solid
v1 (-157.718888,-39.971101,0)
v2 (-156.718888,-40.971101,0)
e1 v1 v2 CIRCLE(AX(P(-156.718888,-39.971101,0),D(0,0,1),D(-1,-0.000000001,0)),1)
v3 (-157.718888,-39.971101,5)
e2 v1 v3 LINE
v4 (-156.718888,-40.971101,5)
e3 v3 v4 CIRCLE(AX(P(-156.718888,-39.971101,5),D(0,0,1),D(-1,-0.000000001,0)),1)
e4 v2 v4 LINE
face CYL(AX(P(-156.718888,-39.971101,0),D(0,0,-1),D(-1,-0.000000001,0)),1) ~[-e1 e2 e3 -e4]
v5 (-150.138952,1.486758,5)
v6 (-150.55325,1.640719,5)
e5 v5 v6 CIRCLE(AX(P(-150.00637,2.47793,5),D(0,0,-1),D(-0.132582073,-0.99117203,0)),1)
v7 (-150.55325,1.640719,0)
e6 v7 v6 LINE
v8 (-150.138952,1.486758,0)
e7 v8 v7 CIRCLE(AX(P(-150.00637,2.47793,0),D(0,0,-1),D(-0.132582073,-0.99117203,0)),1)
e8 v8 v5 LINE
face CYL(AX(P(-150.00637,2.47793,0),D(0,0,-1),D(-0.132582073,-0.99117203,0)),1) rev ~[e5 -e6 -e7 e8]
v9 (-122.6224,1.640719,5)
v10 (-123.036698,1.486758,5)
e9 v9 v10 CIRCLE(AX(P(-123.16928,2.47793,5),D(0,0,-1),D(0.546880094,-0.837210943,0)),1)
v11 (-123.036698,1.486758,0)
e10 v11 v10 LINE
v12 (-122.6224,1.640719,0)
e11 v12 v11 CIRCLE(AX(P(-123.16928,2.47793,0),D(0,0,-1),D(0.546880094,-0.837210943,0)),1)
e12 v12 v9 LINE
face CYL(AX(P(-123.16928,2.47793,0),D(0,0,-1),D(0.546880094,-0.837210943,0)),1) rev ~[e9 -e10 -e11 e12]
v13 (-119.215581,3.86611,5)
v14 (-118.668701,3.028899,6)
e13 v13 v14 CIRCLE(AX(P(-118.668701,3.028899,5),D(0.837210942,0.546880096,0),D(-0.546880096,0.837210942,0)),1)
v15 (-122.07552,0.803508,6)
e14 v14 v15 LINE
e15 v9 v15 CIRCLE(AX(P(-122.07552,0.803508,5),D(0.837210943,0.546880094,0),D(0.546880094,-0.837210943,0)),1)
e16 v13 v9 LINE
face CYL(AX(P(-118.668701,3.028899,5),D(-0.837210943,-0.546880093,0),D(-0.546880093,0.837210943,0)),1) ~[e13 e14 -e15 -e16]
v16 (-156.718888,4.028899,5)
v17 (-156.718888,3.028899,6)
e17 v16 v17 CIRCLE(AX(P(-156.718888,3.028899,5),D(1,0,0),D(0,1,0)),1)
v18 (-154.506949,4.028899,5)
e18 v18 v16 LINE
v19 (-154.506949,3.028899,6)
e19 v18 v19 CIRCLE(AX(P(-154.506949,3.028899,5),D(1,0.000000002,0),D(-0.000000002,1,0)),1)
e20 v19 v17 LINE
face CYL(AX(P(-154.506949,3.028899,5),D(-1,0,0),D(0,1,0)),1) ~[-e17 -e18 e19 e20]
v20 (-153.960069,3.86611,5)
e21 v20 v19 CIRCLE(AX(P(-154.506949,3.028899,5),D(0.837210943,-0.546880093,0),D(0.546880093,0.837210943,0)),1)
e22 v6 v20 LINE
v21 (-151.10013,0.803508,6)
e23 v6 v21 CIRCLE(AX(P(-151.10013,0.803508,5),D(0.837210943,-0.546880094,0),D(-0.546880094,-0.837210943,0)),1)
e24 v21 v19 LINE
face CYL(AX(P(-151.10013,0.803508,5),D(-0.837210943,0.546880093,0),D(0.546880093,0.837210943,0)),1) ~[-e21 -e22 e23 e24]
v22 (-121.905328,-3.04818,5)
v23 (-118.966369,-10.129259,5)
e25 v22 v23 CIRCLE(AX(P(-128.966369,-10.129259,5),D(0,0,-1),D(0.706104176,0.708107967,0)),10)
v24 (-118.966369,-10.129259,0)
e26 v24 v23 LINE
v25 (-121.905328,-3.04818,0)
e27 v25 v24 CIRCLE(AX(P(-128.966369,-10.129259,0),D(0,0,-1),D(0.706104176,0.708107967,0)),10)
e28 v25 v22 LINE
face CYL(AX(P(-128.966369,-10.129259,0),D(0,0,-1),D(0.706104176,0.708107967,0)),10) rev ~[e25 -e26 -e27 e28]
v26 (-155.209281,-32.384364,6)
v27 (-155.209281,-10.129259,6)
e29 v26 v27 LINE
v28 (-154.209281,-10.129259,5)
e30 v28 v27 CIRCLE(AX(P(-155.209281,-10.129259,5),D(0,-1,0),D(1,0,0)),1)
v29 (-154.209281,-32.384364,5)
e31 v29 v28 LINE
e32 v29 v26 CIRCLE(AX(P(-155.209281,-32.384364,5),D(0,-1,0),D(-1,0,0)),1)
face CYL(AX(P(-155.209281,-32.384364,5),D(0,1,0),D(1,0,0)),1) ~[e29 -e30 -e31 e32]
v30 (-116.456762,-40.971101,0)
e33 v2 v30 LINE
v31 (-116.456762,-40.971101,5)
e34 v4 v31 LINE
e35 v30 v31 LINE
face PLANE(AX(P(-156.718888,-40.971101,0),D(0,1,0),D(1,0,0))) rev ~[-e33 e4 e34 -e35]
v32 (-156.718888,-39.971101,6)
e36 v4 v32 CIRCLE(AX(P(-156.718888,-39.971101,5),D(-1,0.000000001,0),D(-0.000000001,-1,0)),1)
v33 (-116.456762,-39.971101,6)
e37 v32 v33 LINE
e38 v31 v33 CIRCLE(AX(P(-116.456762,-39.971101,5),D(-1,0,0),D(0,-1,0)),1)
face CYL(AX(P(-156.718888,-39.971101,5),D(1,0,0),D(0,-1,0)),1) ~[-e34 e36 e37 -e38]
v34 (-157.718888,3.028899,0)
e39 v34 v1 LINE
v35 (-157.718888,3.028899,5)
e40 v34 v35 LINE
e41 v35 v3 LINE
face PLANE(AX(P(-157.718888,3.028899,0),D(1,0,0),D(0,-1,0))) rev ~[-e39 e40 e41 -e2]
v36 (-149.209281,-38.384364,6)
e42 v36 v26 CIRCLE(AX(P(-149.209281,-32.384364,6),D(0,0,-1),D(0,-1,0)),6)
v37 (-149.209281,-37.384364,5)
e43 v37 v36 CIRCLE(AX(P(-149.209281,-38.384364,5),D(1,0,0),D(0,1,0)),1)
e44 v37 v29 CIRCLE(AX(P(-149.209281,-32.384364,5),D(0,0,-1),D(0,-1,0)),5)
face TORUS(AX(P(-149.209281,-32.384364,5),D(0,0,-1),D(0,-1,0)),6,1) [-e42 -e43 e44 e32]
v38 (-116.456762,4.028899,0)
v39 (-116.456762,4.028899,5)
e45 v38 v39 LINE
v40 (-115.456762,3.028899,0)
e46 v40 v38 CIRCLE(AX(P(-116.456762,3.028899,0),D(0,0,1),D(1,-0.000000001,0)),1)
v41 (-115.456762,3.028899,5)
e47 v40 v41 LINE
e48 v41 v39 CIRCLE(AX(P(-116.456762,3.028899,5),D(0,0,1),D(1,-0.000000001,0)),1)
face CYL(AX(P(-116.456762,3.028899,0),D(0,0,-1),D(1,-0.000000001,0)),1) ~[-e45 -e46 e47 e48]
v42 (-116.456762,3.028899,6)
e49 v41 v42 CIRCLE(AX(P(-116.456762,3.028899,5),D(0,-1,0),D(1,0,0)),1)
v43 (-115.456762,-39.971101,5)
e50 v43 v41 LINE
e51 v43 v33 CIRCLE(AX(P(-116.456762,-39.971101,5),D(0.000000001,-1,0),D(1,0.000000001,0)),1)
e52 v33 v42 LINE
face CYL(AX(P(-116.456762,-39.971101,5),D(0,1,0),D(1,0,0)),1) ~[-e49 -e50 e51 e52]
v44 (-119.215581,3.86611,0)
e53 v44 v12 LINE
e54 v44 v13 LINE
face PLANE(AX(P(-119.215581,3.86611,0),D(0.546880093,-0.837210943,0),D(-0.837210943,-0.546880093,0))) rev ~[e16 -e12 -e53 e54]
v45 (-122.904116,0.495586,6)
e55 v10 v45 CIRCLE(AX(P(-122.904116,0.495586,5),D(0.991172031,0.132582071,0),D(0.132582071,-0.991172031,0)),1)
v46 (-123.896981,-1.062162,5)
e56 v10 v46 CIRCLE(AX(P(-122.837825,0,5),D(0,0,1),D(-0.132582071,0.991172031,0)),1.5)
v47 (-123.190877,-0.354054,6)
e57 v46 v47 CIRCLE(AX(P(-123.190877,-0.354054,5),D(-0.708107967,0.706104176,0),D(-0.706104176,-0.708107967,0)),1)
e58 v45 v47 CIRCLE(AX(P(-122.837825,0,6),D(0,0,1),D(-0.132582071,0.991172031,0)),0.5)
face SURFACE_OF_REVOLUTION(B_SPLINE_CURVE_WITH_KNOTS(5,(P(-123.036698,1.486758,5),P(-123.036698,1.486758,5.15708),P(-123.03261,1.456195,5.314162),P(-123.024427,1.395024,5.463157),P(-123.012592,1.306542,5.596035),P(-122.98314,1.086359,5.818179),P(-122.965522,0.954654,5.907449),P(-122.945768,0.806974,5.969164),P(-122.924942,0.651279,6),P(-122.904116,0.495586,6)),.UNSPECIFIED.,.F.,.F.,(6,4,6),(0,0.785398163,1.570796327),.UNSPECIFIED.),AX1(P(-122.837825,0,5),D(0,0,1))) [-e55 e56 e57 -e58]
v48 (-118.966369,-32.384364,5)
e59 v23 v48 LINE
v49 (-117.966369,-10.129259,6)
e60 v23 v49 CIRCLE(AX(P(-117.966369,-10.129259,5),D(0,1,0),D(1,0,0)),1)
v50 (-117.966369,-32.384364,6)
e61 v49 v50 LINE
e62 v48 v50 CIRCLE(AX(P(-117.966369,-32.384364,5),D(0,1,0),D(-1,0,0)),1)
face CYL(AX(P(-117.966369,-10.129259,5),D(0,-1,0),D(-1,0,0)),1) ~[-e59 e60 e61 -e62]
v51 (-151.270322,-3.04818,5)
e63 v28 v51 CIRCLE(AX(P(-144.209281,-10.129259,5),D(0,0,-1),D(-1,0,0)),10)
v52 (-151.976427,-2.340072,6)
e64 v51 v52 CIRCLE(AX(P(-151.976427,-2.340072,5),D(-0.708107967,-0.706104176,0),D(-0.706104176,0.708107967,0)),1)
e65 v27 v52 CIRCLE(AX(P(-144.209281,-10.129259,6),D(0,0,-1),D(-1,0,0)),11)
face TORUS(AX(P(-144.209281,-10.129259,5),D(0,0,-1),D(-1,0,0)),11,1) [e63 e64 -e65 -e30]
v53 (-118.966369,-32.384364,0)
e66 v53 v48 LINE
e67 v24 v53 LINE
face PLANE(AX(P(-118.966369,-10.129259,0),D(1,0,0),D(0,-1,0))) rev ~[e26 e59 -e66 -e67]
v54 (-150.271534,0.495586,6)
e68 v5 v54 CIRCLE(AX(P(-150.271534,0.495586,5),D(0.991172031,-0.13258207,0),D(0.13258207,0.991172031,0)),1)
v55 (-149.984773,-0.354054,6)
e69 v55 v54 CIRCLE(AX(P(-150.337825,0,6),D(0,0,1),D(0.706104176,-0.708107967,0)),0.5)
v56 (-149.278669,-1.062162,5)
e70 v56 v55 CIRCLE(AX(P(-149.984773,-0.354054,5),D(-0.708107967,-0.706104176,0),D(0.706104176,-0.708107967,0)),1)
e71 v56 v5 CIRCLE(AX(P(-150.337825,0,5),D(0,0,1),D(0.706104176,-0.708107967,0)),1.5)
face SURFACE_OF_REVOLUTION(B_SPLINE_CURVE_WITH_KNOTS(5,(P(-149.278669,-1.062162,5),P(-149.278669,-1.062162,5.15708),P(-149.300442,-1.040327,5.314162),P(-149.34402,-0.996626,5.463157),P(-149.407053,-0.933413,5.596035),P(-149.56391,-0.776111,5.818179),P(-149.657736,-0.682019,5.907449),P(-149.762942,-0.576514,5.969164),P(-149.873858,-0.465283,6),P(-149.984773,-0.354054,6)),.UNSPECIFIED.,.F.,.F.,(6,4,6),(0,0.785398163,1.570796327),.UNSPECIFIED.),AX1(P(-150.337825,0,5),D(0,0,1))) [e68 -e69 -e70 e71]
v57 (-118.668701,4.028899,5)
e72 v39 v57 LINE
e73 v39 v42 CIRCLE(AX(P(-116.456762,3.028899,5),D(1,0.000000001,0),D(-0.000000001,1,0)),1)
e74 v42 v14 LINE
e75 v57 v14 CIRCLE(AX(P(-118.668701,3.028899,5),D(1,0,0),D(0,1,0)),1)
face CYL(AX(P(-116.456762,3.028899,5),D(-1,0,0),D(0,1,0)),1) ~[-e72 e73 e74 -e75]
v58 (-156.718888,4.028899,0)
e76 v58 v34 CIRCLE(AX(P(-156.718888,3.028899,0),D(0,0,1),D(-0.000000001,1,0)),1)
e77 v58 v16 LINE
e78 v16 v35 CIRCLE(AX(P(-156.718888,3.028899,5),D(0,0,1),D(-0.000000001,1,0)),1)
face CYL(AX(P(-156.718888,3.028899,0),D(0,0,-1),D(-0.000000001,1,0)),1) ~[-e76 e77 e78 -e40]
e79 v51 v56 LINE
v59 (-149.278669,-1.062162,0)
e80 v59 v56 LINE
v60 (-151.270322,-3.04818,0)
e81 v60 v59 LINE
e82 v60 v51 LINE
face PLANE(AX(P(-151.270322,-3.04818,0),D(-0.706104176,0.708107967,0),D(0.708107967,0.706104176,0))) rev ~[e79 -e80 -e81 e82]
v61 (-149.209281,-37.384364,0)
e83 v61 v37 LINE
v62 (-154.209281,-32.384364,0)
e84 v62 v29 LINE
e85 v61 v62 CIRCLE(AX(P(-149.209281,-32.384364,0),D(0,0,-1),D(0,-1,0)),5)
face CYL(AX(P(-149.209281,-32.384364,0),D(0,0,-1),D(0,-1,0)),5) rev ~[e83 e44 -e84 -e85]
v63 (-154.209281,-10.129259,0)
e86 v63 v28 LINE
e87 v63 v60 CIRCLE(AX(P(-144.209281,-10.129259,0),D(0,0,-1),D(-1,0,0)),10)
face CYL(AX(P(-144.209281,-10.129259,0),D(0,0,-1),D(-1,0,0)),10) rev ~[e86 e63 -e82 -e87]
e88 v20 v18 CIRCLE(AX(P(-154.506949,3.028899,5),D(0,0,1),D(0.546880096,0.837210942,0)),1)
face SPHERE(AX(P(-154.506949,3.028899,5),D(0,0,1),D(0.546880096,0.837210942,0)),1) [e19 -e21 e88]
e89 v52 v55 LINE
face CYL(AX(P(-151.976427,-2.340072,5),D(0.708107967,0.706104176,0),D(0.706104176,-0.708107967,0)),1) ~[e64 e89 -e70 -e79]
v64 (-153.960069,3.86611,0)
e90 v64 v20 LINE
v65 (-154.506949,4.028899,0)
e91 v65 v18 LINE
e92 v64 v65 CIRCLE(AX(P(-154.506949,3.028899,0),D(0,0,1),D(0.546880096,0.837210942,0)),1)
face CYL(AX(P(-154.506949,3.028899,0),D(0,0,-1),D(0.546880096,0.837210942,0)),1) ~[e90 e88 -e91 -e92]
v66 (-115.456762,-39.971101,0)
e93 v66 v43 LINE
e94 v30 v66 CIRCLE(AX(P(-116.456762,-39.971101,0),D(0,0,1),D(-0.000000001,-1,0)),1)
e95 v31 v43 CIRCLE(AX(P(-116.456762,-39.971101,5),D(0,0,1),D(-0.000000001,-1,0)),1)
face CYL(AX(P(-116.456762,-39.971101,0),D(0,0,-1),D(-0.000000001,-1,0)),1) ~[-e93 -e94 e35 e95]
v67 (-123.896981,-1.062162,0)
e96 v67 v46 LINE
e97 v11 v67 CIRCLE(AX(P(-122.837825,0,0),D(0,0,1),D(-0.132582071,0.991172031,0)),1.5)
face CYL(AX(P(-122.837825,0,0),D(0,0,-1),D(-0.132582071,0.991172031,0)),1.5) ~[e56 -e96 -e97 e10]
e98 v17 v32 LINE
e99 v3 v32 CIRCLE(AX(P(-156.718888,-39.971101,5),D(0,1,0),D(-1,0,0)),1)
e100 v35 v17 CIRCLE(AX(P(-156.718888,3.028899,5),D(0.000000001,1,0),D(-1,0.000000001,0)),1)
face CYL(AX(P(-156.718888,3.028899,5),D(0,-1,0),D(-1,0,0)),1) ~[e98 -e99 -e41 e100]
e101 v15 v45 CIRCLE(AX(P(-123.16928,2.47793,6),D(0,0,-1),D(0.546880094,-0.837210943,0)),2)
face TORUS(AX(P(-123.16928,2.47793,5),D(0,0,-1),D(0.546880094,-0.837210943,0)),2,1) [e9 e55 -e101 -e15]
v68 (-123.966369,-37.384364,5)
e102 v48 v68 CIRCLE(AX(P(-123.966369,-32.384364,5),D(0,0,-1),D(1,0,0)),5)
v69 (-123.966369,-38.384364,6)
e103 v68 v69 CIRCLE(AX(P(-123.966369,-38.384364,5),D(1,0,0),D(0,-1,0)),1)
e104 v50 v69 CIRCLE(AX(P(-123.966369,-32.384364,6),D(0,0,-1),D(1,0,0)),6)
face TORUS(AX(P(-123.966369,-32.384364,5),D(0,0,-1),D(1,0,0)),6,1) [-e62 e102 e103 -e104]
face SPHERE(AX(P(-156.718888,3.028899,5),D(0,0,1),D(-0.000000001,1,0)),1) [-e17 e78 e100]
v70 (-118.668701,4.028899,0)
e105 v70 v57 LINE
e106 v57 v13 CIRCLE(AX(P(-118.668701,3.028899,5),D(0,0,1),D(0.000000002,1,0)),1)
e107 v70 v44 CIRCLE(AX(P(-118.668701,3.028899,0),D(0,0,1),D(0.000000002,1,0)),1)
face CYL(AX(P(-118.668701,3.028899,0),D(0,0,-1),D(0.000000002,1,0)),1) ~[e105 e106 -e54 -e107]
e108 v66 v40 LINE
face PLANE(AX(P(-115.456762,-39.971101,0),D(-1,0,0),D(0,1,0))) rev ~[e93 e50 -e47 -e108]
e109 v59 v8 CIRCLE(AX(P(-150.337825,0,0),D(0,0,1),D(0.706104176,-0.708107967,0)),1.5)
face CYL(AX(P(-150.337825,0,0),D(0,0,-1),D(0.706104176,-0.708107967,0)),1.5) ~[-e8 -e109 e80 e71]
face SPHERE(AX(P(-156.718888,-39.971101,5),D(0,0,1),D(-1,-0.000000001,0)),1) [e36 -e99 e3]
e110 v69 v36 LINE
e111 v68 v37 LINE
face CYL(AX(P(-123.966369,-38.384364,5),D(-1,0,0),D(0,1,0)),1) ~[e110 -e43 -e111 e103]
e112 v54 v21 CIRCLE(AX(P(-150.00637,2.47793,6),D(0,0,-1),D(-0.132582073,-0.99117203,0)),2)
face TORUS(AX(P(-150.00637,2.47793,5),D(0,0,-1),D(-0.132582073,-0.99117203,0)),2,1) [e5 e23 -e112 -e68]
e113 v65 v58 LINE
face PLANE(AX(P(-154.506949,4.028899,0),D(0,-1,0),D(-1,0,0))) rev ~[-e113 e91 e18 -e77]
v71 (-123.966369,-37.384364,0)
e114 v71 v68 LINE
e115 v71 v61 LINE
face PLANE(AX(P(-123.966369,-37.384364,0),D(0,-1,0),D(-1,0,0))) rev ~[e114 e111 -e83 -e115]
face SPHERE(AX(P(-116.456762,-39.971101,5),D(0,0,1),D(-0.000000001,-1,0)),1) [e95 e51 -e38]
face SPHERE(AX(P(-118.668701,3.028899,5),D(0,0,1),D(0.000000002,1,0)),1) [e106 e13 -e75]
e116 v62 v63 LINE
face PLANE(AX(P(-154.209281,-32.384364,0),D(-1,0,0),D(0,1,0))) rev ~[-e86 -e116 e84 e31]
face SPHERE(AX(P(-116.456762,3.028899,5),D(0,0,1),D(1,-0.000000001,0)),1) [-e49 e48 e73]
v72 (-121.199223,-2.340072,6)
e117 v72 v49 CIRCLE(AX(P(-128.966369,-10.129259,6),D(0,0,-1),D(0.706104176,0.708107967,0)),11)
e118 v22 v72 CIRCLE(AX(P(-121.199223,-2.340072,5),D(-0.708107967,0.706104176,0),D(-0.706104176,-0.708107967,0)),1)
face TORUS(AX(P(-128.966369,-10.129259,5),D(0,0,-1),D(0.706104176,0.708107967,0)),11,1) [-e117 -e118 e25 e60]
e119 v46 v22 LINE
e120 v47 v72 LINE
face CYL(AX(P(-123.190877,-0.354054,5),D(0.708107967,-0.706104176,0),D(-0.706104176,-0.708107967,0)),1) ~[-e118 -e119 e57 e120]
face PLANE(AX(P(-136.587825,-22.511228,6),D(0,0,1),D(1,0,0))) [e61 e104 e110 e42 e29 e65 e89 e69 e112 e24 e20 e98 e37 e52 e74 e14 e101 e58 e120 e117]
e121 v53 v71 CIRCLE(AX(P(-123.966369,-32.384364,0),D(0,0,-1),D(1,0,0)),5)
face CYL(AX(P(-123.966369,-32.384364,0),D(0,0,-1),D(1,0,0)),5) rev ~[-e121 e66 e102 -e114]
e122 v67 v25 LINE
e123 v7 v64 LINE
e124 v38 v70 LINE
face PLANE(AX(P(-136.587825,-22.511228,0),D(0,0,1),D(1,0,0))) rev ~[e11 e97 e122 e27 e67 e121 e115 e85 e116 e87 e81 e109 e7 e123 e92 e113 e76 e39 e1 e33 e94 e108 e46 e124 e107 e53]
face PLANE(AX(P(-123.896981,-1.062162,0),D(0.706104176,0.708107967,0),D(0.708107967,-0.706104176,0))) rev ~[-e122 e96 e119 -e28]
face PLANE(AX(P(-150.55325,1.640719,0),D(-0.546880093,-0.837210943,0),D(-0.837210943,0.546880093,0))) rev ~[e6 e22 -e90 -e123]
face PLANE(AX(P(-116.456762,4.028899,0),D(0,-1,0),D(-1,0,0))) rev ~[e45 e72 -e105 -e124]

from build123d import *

# Parameters (mm, degrees)
BOSS_EXTRUDE1_DEPTH = 6
FILLET2_R           = 1


with BuildPart() as part:
    # Sketch1 → Boss-Extrude1 (new body)
    with BuildSketch(Plane.XY):
        with BuildLine():
            ThreePointArc((-157.718887647, -39.971100876), (-157.425994428, -40.678207657), (-156.718887647, -40.971100876))
            Line((-156.718887647, -40.971100876), (-154.209280647, -40.971100876))
            Line((-154.209280647, -40.971100876), (-118.966369371, -40.971100876))
            Line((-118.966369371, -40.971100876), (-116.875365395, -40.971100876))
            Line((-116.875365395, -40.971100876), (-116.456762371, -40.971100876))
            ThreePointArc((-116.456762371, -40.971100876), (-115.749655589, -40.678207657), (-115.456762371, -39.971100876))
            Line((-115.456762371, -39.971100876), (-115.456762371, 3.028899124))
            ThreePointArc((-115.456762371, 3.028899124), (-115.749655589, 3.736005905), (-116.456762371, 4.028899124))
            Line((-116.456762371, 4.028899124), (-118.668700725, 4.028899124))
            ThreePointArc((-118.668700725, 4.028899124), (-118.953997988, 3.987338205), (-119.215580818, 3.866110067))
            Line((-119.215580818, 3.866110067), (-122.622400092, 1.640719134))
            ThreePointArc((-122.622400092, 1.640719134), (-122.820936659, 1.540563133), (-123.036698115, 1.486758046))
            ThreePointArc((-123.036698115, 1.486758046), (-124.259059599, 0.479679308), (-123.896981272, -1.062161951))
            Line((-123.896981272, -1.062161951), (-121.905327613, -3.048179664))
            ThreePointArc((-121.905327613, -3.048179664), (-119.730287475, -6.295880771), (-118.966369371, -10.129259334))
            Line((-118.966369371, -10.129259334), (-118.966369371, -32.384364229))
            ThreePointArc((-118.966369371, -32.384364229), (-120.430835465, -35.919898135), (-123.966369371, -37.384364229))
            Line((-123.966369371, -37.384364229), (-149.209280647, -37.384364229))
            ThreePointArc((-149.209280647, -37.384364229), (-152.744814552, -35.919898135), (-154.209280647, -32.384364229))
            Line((-154.209280647, -32.384364229), (-154.209280647, -10.129259334))
            ThreePointArc((-154.209280647, -10.129259334), (-153.445362542, -6.295880771), (-151.270322404, -3.048179664))
            Line((-151.270322404, -3.048179664), (-149.278668745, -1.062161951))
            ThreePointArc((-149.278668745, -1.062161951), (-148.916590418, 0.479679308), (-150.138951903, 1.486758046))
            ThreePointArc((-150.138951903, 1.486758046), (-150.354713358, 1.540563133), (-150.553249925, 1.640719134))
            Line((-150.553249925, 1.640719134), (-153.960069199, 3.866110067))
            ThreePointArc((-153.960069199, 3.866110067), (-154.221652029, 3.987338205), (-154.506949292, 4.028899124))
            Line((-154.506949292, 4.028899124), (-156.718887647, 4.028899124))
            ThreePointArc((-156.718887647, 4.028899124), (-157.425994428, 3.736005905), (-157.718887647, 3.028899124))
            Line((-157.718887647, 3.028899124), (-157.718887647, -39.971100876))
        make_face()
    extrude(amount=BOSS_EXTRUDE1_DEPTH)

    # Fillet2
    fillet2_edges = [part.edges().sort_by_distance(p)[0] for p in [
        (-122.820936659, 1.540563133, 6),
        (-124.259059599, 0.479679308, 6),
        (-154.209280647, -21.256811782, 6),
        (-122.901154442, -2.055170807, 6),
        (-119.730287475, -6.295880771, 6),
        (-118.966369371, -21.256811782, 6),
        (-120.430835465, -35.919898135, 6),
        (-136.587825009, -37.384364229, 6),
        (-153.445362542, -6.295880771, 6),
        (-150.274495575, -2.055170807, 6),
        (-148.916590418, 0.479679308, 6),
        (-150.354713358, 1.540563133, 6),
        (-152.256659562, 2.7534146, 6),
        (-154.221652029, 3.987338205, 6),
        (-155.612918469, 4.028899124, 6),
        (-157.425994428, 3.736005905, 6),
        (-157.718887647, -18.471100876, 6),
        (-152.744814552, -35.919898135, 6),
        (-157.425994428, -40.678207657, 6),
        (-136.587825009, -40.971100876, 6),
        (-115.749655589, -40.678207657, 6),
        (-115.456762371, -18.471100876, 6),
        (-115.749655589, 3.736005905, 6),
        (-117.562731548, 4.028899124, 6),
        (-118.953997988, 3.987338205, 6),
        (-120.918990455, 2.7534146, 6),
    ]]
    fillet(fillet2_edges, radius=FILLET2_R)


solid = part.part
